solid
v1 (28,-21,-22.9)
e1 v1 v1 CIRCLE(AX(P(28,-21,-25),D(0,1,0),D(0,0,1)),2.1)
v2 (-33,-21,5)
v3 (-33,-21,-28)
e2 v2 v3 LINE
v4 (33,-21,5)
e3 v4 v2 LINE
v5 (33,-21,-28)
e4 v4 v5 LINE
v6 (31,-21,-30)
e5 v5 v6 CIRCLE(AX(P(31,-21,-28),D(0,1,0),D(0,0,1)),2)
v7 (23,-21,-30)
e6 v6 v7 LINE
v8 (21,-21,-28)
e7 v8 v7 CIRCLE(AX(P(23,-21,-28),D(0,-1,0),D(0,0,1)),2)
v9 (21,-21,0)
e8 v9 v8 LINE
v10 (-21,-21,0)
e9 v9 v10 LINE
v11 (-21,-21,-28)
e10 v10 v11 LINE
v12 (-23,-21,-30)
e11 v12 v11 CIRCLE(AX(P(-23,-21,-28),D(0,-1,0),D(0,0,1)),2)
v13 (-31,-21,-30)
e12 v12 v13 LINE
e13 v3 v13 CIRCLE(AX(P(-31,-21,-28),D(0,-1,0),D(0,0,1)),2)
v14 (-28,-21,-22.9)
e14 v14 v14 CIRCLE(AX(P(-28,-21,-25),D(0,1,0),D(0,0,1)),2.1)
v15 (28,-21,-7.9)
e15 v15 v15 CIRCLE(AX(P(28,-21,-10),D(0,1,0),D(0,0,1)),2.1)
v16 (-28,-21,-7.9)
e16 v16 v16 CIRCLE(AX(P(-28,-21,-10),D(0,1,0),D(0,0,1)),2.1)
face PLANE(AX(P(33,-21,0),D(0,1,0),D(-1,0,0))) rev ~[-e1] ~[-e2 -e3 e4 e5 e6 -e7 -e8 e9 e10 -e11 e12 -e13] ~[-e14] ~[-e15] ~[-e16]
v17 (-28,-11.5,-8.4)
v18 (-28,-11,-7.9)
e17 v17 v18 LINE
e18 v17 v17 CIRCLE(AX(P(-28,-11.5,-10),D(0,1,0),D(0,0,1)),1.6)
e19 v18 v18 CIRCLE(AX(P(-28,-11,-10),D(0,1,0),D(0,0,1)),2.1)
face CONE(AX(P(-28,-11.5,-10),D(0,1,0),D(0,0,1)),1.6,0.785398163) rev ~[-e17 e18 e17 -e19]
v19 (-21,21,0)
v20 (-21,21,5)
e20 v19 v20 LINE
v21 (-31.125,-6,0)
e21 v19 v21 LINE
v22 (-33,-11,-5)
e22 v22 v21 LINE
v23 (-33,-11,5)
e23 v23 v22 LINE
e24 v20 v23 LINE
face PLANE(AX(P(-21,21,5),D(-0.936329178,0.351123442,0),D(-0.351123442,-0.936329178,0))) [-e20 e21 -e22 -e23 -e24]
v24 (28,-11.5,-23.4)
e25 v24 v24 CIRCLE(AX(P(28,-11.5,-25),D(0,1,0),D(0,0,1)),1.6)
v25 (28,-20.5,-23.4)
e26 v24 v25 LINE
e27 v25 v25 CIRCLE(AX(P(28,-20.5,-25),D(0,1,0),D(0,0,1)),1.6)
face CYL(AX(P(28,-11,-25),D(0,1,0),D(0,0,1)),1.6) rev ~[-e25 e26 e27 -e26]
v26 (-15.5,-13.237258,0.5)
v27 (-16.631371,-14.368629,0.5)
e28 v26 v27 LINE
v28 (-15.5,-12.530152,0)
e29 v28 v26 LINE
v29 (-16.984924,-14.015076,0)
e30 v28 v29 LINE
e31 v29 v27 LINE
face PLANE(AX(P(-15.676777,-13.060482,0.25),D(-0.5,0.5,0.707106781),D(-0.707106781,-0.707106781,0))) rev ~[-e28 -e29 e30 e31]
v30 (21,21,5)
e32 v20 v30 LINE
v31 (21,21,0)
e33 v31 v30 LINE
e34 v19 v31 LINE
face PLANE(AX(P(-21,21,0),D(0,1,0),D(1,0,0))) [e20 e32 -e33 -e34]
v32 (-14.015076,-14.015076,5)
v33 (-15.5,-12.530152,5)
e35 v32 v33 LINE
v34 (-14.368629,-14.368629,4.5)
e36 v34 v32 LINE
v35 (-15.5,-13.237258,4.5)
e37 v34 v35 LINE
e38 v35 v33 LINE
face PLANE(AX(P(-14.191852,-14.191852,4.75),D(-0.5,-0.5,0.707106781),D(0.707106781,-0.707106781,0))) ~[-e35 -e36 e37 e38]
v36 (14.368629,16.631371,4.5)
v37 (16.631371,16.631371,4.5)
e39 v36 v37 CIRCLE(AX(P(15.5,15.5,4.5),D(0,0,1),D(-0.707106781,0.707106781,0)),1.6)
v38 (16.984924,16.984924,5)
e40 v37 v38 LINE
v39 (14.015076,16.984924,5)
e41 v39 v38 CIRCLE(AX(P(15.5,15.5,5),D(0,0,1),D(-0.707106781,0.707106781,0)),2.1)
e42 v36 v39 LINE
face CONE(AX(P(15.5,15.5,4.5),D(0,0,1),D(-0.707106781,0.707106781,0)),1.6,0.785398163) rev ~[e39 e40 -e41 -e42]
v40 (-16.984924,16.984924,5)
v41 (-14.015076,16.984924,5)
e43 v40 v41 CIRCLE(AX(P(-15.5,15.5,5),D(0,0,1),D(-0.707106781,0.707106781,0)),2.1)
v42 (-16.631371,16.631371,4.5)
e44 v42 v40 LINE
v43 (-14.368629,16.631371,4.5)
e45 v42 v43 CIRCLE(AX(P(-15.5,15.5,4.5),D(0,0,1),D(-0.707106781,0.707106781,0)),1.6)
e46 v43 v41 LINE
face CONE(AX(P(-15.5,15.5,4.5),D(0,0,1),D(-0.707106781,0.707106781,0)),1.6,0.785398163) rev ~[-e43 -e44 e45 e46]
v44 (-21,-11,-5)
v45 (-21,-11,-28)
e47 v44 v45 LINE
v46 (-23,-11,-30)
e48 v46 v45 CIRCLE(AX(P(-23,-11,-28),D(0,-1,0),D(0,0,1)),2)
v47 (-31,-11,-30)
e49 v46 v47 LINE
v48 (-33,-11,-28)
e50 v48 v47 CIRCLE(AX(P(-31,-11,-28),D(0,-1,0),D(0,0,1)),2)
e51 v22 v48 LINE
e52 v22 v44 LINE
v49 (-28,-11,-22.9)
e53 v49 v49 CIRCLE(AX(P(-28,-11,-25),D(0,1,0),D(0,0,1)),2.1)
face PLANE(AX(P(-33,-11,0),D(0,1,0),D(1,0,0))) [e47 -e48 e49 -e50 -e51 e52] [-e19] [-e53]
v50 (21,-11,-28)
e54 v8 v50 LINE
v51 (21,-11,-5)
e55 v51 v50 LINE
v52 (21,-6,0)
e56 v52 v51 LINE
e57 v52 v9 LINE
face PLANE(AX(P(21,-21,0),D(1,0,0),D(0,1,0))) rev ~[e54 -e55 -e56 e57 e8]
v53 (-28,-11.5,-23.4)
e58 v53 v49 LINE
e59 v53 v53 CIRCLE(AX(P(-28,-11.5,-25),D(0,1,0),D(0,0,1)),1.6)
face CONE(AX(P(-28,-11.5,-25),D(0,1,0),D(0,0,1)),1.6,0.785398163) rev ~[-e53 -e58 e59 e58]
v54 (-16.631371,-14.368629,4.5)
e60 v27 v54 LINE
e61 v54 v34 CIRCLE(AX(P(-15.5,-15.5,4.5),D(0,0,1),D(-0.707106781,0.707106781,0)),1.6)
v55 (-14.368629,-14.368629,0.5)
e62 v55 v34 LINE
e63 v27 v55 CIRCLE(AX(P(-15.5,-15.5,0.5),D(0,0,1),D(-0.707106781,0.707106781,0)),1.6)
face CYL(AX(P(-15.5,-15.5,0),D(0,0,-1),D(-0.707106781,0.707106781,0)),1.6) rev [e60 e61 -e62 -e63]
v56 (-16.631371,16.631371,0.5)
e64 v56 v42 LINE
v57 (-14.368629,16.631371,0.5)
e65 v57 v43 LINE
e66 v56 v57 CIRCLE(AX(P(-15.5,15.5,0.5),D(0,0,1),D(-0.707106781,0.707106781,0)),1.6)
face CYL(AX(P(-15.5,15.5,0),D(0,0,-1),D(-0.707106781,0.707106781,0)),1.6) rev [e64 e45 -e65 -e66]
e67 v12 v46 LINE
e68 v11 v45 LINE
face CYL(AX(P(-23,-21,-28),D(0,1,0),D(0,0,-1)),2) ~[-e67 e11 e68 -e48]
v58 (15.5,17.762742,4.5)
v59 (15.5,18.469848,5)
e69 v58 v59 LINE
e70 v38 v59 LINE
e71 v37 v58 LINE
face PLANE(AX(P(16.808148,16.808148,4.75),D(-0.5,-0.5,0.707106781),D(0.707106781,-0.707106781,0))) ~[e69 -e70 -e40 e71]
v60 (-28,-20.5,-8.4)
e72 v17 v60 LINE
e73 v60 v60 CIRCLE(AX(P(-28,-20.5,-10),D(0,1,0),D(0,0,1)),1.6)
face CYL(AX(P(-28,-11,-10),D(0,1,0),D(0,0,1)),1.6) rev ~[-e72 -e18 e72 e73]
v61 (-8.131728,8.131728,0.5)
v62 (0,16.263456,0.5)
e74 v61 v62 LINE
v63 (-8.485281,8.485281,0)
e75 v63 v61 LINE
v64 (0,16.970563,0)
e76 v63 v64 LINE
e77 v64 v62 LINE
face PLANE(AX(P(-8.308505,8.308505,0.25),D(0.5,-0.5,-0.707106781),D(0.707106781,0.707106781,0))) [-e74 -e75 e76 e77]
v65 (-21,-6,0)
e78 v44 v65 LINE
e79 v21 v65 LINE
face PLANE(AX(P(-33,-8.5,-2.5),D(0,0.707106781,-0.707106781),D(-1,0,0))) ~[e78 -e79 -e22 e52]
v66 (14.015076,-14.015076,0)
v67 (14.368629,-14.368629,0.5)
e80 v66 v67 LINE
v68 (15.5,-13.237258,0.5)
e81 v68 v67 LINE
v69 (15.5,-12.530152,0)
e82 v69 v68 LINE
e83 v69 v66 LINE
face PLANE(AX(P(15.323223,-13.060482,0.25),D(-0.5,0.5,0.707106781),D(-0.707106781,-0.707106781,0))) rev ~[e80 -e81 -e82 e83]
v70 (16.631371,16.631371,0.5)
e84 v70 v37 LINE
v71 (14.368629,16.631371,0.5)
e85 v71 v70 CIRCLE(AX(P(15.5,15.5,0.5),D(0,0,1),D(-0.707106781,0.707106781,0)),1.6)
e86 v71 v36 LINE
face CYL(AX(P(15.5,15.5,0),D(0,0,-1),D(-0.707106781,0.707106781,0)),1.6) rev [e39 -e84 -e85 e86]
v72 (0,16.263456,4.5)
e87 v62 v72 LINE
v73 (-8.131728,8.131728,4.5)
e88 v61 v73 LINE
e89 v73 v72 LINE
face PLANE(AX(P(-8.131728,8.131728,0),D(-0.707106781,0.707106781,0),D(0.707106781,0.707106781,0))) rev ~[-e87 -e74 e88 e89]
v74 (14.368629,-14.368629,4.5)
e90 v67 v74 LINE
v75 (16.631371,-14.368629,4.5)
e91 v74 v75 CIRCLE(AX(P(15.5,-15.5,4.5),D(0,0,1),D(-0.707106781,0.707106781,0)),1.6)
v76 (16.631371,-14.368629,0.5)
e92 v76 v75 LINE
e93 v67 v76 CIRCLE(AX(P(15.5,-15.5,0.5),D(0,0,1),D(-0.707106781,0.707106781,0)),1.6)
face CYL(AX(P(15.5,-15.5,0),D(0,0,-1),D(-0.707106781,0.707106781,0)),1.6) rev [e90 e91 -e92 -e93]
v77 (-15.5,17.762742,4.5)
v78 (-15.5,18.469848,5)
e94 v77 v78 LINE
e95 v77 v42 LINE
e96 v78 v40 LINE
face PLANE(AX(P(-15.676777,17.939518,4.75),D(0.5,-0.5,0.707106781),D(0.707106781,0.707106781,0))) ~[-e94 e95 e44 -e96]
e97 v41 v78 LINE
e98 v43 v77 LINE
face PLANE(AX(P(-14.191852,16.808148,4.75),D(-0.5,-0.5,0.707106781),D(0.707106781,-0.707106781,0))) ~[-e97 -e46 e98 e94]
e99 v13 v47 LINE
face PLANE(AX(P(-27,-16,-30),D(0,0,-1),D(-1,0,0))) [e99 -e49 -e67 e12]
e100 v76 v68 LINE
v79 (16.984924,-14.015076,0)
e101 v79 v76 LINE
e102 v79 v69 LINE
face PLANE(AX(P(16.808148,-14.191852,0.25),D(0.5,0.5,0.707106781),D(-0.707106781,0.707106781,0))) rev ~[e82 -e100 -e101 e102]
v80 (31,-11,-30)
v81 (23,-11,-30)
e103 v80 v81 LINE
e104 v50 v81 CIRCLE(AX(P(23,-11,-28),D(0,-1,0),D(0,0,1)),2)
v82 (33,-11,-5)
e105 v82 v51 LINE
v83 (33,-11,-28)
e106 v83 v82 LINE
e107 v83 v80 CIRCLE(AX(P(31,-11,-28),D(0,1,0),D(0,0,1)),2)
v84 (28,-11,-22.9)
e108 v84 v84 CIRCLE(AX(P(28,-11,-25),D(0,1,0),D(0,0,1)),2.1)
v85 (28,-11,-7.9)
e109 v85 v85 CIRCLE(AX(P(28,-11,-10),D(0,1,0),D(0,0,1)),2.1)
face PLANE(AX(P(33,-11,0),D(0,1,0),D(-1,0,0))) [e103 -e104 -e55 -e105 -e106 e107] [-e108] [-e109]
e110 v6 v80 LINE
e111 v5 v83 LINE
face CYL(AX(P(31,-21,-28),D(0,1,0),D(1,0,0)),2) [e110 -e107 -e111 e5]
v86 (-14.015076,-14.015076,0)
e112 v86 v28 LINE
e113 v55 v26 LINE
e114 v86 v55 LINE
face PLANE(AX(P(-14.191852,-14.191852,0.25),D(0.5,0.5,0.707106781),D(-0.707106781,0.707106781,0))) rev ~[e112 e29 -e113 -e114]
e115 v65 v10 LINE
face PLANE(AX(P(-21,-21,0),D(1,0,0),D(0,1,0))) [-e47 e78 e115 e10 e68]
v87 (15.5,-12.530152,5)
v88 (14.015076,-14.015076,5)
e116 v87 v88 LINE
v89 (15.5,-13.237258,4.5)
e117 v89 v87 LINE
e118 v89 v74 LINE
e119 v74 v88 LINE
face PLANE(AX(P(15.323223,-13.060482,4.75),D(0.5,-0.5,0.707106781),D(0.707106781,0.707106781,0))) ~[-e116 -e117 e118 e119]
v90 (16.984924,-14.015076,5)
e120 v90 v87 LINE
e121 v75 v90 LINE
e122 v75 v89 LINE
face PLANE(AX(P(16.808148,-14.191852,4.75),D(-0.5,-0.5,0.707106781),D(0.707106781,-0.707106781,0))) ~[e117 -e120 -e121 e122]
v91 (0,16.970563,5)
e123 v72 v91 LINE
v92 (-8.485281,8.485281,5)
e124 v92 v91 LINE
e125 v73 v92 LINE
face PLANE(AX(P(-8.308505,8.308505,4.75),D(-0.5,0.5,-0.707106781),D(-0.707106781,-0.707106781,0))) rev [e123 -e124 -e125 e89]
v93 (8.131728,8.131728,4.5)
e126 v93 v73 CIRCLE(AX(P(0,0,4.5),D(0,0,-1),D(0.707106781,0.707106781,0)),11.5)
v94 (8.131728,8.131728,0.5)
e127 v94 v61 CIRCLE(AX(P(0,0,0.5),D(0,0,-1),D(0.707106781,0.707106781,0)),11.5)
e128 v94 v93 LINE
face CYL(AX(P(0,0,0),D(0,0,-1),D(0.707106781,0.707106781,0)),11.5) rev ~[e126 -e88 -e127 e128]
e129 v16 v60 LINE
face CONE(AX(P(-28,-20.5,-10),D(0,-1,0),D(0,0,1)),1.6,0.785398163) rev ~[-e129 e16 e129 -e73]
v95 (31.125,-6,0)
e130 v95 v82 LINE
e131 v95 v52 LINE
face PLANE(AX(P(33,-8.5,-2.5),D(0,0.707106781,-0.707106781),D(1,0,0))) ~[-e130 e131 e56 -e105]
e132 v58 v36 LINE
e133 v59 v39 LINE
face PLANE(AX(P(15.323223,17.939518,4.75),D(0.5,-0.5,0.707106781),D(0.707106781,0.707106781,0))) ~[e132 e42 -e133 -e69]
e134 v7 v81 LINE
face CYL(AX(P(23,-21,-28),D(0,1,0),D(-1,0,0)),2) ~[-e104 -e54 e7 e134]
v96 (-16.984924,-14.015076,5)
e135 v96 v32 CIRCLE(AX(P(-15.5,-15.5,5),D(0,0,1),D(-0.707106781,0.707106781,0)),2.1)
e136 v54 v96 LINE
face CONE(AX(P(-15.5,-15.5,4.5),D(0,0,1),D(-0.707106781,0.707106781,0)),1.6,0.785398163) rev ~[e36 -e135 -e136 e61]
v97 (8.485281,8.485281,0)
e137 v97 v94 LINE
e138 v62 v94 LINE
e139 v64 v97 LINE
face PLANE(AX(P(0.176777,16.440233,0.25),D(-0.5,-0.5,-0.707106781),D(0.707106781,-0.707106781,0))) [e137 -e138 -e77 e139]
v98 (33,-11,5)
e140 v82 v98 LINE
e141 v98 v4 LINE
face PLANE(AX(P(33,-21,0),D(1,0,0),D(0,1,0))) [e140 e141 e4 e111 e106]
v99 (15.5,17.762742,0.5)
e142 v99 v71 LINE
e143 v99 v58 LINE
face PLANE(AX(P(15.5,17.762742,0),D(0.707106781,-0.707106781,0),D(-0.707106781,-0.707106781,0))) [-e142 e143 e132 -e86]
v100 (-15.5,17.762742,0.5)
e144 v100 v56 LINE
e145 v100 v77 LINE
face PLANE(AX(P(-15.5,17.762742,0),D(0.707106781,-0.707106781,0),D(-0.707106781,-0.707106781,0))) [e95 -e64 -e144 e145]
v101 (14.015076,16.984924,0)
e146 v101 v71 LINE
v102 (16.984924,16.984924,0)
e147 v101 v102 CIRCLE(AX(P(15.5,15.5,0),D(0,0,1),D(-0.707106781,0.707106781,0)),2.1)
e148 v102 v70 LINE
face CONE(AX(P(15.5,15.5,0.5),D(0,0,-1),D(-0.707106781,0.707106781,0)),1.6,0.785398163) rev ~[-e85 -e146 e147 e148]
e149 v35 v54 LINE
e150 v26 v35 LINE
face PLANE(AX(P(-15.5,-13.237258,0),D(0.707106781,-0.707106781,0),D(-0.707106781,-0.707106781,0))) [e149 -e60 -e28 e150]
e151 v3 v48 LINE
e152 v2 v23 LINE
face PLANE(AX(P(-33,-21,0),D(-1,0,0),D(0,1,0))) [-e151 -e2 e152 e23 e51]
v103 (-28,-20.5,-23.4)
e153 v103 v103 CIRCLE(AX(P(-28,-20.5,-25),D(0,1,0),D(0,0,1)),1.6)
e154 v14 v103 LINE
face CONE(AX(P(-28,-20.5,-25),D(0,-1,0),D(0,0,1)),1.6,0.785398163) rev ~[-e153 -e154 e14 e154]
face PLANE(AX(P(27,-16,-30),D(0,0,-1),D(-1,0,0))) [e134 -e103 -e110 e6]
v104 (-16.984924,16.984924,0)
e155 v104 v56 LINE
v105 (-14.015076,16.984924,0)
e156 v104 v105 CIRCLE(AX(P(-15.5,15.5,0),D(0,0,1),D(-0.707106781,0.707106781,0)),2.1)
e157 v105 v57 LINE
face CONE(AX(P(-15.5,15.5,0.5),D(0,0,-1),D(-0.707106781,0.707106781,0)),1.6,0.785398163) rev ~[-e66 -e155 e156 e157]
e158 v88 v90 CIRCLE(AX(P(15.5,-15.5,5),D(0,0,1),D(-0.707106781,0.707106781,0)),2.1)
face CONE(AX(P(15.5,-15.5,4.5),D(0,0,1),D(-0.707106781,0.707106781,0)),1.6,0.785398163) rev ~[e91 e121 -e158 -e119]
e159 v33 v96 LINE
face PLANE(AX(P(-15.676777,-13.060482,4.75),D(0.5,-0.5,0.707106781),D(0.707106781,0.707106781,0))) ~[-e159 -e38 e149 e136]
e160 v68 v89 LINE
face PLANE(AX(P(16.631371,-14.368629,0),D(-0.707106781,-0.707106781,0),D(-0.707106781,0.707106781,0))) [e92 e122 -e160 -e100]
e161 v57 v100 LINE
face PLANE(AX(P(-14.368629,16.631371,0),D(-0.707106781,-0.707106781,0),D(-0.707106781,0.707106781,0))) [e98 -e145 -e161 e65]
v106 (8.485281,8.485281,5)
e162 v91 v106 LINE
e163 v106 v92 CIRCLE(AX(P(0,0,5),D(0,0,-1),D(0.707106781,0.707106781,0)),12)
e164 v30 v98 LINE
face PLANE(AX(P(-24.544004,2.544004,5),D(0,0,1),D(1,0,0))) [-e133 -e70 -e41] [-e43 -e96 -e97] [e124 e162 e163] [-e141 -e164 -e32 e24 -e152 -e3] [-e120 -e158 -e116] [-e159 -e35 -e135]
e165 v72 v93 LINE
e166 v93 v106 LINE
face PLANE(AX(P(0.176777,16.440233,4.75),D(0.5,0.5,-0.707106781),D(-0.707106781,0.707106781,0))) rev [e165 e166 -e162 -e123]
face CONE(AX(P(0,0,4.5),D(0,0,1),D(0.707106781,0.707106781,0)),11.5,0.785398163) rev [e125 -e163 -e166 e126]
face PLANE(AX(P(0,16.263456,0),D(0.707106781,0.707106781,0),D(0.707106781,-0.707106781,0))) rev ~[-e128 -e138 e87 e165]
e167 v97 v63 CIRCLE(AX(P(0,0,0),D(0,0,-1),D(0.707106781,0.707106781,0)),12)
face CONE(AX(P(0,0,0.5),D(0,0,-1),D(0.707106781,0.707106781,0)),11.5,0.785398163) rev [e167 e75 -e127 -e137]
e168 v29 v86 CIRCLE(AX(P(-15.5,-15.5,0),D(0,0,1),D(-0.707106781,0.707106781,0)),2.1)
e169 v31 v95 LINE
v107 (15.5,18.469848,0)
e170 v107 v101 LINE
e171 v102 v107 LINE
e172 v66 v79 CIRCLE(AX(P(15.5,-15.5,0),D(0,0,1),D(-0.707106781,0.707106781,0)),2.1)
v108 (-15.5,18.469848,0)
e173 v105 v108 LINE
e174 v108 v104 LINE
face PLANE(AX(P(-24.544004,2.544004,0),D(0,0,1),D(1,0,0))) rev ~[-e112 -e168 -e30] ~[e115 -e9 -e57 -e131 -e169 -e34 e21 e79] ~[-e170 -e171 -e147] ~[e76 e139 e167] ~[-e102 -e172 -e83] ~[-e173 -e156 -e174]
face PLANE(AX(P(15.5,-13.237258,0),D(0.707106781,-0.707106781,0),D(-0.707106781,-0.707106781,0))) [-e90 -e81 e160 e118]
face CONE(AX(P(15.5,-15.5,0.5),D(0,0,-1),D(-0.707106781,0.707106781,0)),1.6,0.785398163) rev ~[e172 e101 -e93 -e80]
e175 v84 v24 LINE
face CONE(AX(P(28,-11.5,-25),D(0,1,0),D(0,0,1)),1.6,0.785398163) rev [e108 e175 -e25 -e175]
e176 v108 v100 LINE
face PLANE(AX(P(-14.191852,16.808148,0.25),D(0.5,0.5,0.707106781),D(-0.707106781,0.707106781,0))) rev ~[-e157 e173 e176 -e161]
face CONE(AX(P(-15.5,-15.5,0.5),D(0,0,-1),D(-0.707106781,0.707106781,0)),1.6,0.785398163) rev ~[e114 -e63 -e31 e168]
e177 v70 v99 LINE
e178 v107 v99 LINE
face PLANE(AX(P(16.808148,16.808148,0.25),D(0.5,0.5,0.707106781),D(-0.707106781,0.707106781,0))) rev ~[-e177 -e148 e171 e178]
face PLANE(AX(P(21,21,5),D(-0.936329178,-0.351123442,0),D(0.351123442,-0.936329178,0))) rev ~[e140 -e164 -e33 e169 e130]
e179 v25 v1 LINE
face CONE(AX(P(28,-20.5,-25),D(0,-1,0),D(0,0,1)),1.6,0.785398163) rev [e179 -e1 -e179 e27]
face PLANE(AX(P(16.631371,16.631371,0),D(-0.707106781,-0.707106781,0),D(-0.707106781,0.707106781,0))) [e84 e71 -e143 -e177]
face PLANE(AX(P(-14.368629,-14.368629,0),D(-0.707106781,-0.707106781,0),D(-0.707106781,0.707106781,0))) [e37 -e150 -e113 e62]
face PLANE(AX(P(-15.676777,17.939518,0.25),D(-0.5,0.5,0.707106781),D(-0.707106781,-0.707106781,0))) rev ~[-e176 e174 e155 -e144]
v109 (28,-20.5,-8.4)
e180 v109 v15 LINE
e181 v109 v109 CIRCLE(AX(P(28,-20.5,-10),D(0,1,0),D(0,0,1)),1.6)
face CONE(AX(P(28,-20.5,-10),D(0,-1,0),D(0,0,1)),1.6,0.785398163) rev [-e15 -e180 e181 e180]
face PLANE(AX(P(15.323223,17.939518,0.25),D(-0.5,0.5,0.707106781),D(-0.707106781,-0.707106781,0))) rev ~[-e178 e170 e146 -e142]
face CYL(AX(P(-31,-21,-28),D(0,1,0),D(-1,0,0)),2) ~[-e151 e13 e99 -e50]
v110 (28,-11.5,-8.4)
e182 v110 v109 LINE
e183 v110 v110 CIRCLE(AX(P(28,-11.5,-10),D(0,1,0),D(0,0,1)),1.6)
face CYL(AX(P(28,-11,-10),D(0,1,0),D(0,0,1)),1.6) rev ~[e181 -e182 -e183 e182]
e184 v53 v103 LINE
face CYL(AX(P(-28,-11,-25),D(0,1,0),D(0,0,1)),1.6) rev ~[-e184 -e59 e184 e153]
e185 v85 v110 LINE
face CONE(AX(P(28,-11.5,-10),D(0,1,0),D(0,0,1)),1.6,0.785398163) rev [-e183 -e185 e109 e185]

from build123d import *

# Parameters (mm, degrees)
EXTRUDE_1_DEPTH     = 5
SKETCH_2_W          = 12
SKETCH_2_H          = 10
EXTRUDE_2_DEPTH     = 30
EXTRUDE_3_DEPTH     = 5
SKETCH_5_R          = 1.6
CUT_EXTRUDE_1_DEPTH = 55.890800686
FILLET_1_R          = 2
CHAMFER_1_SIZE      = 5
CHAMFER_2_SIZE      = 0.5


with BuildPart() as part:
    # 草图1 → 凸台-拉伸1 (new body)
    with BuildSketch(Plane.XY):
        Polygon((-21, 21), (21, 21), (21, -11), (33, -11), (33, -21), (-33, -21), (-33, -11), (-21, -11), align=None)
        with BuildLine():
            Line((-15.5, 17.7627417), (-16.63137085, 16.63137085))
            ThreePointArc((-16.63137085, 16.63137085), (-15.5, 13.9), (-14.36862915, 16.63137085))
            Line((-14.36862915, 16.63137085), (-15.5, 17.7627417))
        make_face(mode=Mode.SUBTRACT)
        with BuildLine():
            Line((-15.5, -13.2372583), (-16.63137085, -14.36862915))
            ThreePointArc((-16.63137085, -14.36862915), (-15.5, -17.1), (-14.36862915, -14.36862915))
            Line((-14.36862915, -14.36862915), (-15.5, -13.2372583))
        make_face(mode=Mode.SUBTRACT)
        with BuildLine():
            Line((-8.131727984, 8.131727984), (0, 16.263455967))
            Line((0, 16.263455967), (8.131727984, 8.131727984))
            ThreePointArc((8.131727984, 8.131727984), (0, -11.5), (-8.131727984, 8.131727984))
        make_face(mode=Mode.SUBTRACT)
        with BuildLine():
            Line((15.5, -13.2372583), (14.36862915, -14.36862915))
            ThreePointArc((14.36862915, -14.36862915), (15.5, -17.1), (16.63137085, -14.36862915))
            Line((16.63137085, -14.36862915), (15.5, -13.2372583))
        make_face(mode=Mode.SUBTRACT)
        with BuildLine():
            Line((15.5, 17.7627417), (14.36862915, 16.63137085))
            ThreePointArc((14.36862915, 16.63137085), (15.5, 13.9), (16.63137085, 16.63137085))
            Line((16.63137085, 16.63137085), (15.5, 17.7627417))
        make_face(mode=Mode.SUBTRACT)
    extrude(amount=EXTRUDE_1_DEPTH)

    # 草图2 → 凸台-拉伸2 (add)
    with BuildSketch(Plane(origin=(0, 0, 0), x_dir=(-1, 0, 0), z_dir=(0, 0, -1))):
        with Locations((-27, -16)):
            Rectangle(SKETCH_2_W, SKETCH_2_H)
        with Locations((27, -16)):
            Rectangle(SKETCH_2_W, SKETCH_2_H)
    extrude(amount=EXTRUDE_2_DEPTH)

    # 草图3 → 凸台-拉伸3 (add)
    with BuildSketch(Plane.XY.offset(5)):
        Polygon((-21, 21), (-33, -11), (-21, -11), align=None)
        Polygon((21, -11), (21, 21), (33, -11), align=None)
    extrude(amount=-EXTRUDE_3_DEPTH)

    # 草图5 → 切除-拉伸1 (cut, through all)
    with BuildSketch(Plane(origin=(0, -11, 0), x_dir=(1, 0, 0), z_dir=(0, 1, 0))):
        with Locations(Location((28, 25, 0), (0, 0, 270))):
            Circle(SKETCH_5_R)
        with Locations(Location((28, 10, 0), (0, 0, 270))):
            Circle(SKETCH_5_R)
        with Locations(Location((-28, 10, 0), (0, 0, 270))):
            Circle(SKETCH_5_R)
        with Locations(Location((-28, 25, 0), (0, 0, 270))):
            Circle(SKETCH_5_R)
    extrude(amount=-CUT_EXTRUDE_1_DEPTH, mode=Mode.SUBTRACT)

    # 圆角1
    fillet_1_edges = [part.edges().sort_by_distance(p)[0] for p in [
        (33, -16, -30),
        (21, -16, -30),
        (-21, -16, -30),
        (-33, -16, -30),
    ]]
    fillet(fillet_1_edges, radius=FILLET_1_R)

    # 倒角1
    chamfer_1_edges = [part.edges().sort_by_distance(p)[0] for p in [
        (-27, -11, 0),
        (27, -11, 0),
    ]]
    chamfer(chamfer_1_edges, length=CHAMFER_1_SIZE)

    # 倒角2
    chamfer_2_edges = [part.edges().sort_by_distance(p)[0] for p in [
        (-28, -21, -26.6),
        (-28, -11, -26.6),
        (-28, -21, -11.6),
        (-28, -11, -11.6),
        (28, -21, -11.6),
        (28, -11, -11.6),
        (28, -21, -26.6),
        (28, -11, -26.6),
        (0, -11.5, 0),
        (4.065863992, 12.197591975, 0),
        (-4.065863992, 12.197591975, 0),
        (0, -11.5, 5),
        (4.065863992, 12.197591975, 5),
        (-4.065863992, 12.197591975, 5),
        (-15.5, -17.1, 0),
        (-14.934314575, -13.802943725, 0),
        (-16.065685425, -13.802943725, 0),
        (-15.5, -17.1, 5),
        (-14.934314575, -13.802943725, 5),
        (-16.065685425, -13.802943725, 5),
        (-15.5, 13.9, 0),
        (-14.934314575, 17.197056275, 0),
        (-16.065685425, 17.197056275, 0),
        (-15.5, 13.9, 5),
        (-14.934314575, 17.197056275, 5),
        (-16.065685425, 17.197056275, 5),
        (16.065685425, 17.197056275, 0),
        (14.934314575, 17.197056275, 0),
        (15.5, 13.9, 0),
        (16.065685425, 17.197056275, 5),
        (14.934314575, 17.197056275, 5),
        (15.5, 13.9, 5),
        (15.5, -17.1, 0),
        (16.065685425, -13.802943725, 0),
        (14.934314575, -13.802943725, 0),
        (15.5, -17.1, 5),
        (16.065685425, -13.802943725, 5),
        (14.934314575, -13.802943725, 5),
    ]]
    chamfer(chamfer_2_edges, length=CHAMFER_2_SIZE)


solid = part.part
